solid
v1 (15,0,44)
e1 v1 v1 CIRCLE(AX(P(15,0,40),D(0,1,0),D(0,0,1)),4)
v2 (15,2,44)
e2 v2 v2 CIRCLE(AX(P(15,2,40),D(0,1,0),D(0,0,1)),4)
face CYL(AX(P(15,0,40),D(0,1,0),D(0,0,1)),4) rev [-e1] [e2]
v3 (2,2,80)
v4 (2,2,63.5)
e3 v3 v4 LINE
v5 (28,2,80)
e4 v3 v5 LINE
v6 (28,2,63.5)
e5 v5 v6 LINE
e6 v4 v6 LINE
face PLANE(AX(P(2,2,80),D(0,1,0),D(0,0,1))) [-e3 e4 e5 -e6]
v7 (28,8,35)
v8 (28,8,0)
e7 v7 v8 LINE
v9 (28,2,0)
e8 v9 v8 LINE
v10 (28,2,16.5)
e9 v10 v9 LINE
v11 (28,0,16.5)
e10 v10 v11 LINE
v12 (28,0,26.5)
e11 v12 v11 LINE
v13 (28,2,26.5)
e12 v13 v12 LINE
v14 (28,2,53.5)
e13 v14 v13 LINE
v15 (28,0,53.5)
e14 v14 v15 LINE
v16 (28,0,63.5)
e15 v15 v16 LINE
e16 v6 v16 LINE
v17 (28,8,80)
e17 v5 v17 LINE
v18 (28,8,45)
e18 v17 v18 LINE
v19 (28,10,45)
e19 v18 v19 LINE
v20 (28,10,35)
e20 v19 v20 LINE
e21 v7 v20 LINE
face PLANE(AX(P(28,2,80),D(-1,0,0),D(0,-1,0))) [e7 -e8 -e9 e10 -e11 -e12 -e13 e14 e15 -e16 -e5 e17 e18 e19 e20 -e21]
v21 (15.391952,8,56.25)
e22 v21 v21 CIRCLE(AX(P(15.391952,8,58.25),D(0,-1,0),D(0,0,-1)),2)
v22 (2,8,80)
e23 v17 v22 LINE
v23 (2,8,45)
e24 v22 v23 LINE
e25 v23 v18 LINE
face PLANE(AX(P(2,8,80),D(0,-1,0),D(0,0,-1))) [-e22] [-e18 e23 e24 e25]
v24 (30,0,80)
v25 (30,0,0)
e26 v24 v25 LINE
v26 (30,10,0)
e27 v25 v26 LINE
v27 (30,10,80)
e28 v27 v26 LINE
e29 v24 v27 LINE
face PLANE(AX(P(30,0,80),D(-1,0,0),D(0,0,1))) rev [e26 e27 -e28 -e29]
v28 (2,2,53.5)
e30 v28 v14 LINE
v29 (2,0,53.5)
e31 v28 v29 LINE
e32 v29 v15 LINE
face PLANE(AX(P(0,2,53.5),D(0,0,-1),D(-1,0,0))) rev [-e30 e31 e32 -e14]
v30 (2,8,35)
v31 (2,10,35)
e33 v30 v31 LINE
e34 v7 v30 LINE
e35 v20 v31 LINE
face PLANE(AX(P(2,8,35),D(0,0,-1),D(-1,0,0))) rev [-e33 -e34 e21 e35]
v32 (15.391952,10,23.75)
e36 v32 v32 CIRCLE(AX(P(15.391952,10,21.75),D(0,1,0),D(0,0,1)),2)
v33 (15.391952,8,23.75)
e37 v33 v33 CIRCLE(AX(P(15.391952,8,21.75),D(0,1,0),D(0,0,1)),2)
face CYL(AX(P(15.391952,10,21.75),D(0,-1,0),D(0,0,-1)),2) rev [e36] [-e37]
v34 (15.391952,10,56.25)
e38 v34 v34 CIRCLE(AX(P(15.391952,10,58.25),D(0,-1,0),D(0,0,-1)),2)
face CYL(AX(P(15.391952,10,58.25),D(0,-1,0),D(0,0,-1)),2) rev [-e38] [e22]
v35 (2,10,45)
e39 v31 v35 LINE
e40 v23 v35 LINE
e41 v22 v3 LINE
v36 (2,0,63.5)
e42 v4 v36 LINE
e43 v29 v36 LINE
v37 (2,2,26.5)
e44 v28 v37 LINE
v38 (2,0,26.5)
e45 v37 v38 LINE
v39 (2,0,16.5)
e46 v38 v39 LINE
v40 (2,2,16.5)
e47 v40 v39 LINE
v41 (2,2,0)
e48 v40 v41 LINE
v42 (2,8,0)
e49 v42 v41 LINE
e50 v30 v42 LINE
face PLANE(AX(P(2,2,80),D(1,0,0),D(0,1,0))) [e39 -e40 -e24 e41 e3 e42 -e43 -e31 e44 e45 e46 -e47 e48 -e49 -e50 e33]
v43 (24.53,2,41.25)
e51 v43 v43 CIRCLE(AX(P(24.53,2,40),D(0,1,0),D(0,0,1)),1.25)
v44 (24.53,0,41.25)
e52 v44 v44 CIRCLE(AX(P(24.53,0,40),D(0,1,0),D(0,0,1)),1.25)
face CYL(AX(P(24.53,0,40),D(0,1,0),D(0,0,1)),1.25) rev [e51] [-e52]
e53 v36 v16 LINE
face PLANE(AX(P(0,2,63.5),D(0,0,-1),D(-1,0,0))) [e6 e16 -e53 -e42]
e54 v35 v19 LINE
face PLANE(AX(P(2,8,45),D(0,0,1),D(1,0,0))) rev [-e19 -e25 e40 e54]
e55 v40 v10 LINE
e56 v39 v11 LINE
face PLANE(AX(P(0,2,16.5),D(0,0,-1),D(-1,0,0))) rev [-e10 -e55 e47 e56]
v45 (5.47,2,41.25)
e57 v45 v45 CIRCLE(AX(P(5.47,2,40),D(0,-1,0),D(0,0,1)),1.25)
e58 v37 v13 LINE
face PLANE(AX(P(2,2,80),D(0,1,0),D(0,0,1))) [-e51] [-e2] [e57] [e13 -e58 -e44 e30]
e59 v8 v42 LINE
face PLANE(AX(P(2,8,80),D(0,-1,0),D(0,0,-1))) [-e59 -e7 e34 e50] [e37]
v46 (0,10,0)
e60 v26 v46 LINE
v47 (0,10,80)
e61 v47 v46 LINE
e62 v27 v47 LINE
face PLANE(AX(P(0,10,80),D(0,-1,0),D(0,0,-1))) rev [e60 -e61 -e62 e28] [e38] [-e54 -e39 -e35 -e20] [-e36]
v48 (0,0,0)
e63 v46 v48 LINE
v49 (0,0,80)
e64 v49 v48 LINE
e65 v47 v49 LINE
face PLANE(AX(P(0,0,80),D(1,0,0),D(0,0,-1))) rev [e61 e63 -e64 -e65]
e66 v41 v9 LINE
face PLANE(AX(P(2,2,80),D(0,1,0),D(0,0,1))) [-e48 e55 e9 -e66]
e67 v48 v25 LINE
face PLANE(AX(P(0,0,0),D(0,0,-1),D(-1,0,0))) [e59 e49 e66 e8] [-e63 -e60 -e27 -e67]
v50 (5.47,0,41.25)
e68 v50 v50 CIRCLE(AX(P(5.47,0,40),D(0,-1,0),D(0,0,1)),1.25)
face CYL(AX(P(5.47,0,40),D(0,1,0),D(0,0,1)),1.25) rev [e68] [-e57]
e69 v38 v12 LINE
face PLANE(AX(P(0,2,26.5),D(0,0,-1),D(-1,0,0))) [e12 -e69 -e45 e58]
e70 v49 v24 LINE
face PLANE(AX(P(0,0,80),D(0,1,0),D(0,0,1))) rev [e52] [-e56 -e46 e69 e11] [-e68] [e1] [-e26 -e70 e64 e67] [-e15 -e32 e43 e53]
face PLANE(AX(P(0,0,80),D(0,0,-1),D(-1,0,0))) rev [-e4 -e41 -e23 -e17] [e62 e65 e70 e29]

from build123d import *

# Parameters (mm, degrees)
ESBO_O1_W                = 30
ESBO_O1_H                = 10
ESBO_O1_W_2              = 26
ESBO_O1_H_2              = 6
RESSALTO_EXTRUS_O1_DEPTH = 80
ESBO_O2_R                = 4
CORTE_EXTRUS_O1_DEPTH    = 10
ESBO_O3_W                = 26
ESBO_O3_H                = 10
CORTE_EXTRUS_O2_DEPTH    = 2
ESBO_O5_W                = 26
ESBO_O5_H                = 10
CORTE_EXTRUS_O3_DEPTH    = 2
ESBO_O6_R                = 2
CORTE_EXTRUS_O4_DEPTH    = 2
ESBO_O7_R                = 1.25
CORTE_EXTRUS_O5_DEPTH    = 2


with BuildPart() as part:
    # Esboço1 → Ressalto-extrusão1 (new body)
    with BuildSketch(Plane.XY):
        with Locations((15, 5)):
            Rectangle(ESBO_O1_W, ESBO_O1_H)
        with Locations((15, 5)):
            Rectangle(ESBO_O1_W_2, ESBO_O1_H_2, mode=Mode.SUBTRACT)
    extrude(amount=RESSALTO_EXTRUS_O1_DEPTH)

    # Esboço2 → Corte-extrusão1 (cut)
    with BuildSketch(Plane(origin=(0, 10, 0), x_dir=(1, 0, 0), z_dir=(0, 1, 0))):
        with Locations(Location((15, -40, 0), (0, 0, 270))):
            Circle(ESBO_O2_R)
    extrude(amount=-CORTE_EXTRUS_O1_DEPTH, mode=Mode.SUBTRACT)

    # Esboço3 → Corte-extrusão2 (cut)
    with BuildSketch(Plane(origin=(0, 10, 0), x_dir=(1, 0, 0), z_dir=(0, 1, 0))):
        with Locations((15, -40)):
            Rectangle(ESBO_O3_W, ESBO_O3_H)
    extrude(amount=-CORTE_EXTRUS_O2_DEPTH, mode=Mode.SUBTRACT)

    # Esboço5 → Corte-extrusão3 (cut)
    with BuildSketch(Plane(origin=(0, 0, 0), x_dir=(-1, 0, 0), z_dir=(0, -1, 0))):
        with Locations((-15, -58.5)):
            Rectangle(ESBO_O5_W, ESBO_O5_H)
    corte_extrus_o3 = extrude(amount=-CORTE_EXTRUS_O3_DEPTH, mode=Mode.SUBTRACT)

    # Esboço6 → Corte-extrusão4 (cut)
    with BuildSketch(Plane(origin=(0, 8, 0), x_dir=(-1, 0, 0), z_dir=(0, -1, 0))):
        with Locations(Location((-15.391952085, -58.25, 0), (0, 0, 90))):
            Circle(ESBO_O6_R)
    corte_extrus_o4 = extrude(amount=-CORTE_EXTRUS_O4_DEPTH, mode=Mode.SUBTRACT)

    # Espelhar6: Corte-extrusão3, Corte-extrusão4 across plane
    add(corte_extrus_o3.mirror(Plane(origin=(0, 0, 40), x_dir=(1, 0, 0), z_dir=(0, 0, -1))), mode=Mode.SUBTRACT)
    add(corte_extrus_o4.mirror(Plane(origin=(0, 0, 40), x_dir=(1, 0, 0), z_dir=(0, 0, -1))), mode=Mode.SUBTRACT)

    # Esboço7 → Corte-extrusão5 (cut)
    with BuildSketch(Plane(origin=(0, 2, 0), x_dir=(1, 0, 0), z_dir=(0, 1, 0))):
        with Locations(Location((24.53, -40, 0), (0, 0, 270))):
            Circle(ESBO_O7_R)
    corte_extrus_o5 = extrude(amount=-CORTE_EXTRUS_O5_DEPTH, mode=Mode.SUBTRACT)

    # Espelhar7: Corte-extrusão5 across plane
    add(corte_extrus_o5.mirror(Plane.ZY.offset(-15)), mode=Mode.SUBTRACT)


solid = part.part
